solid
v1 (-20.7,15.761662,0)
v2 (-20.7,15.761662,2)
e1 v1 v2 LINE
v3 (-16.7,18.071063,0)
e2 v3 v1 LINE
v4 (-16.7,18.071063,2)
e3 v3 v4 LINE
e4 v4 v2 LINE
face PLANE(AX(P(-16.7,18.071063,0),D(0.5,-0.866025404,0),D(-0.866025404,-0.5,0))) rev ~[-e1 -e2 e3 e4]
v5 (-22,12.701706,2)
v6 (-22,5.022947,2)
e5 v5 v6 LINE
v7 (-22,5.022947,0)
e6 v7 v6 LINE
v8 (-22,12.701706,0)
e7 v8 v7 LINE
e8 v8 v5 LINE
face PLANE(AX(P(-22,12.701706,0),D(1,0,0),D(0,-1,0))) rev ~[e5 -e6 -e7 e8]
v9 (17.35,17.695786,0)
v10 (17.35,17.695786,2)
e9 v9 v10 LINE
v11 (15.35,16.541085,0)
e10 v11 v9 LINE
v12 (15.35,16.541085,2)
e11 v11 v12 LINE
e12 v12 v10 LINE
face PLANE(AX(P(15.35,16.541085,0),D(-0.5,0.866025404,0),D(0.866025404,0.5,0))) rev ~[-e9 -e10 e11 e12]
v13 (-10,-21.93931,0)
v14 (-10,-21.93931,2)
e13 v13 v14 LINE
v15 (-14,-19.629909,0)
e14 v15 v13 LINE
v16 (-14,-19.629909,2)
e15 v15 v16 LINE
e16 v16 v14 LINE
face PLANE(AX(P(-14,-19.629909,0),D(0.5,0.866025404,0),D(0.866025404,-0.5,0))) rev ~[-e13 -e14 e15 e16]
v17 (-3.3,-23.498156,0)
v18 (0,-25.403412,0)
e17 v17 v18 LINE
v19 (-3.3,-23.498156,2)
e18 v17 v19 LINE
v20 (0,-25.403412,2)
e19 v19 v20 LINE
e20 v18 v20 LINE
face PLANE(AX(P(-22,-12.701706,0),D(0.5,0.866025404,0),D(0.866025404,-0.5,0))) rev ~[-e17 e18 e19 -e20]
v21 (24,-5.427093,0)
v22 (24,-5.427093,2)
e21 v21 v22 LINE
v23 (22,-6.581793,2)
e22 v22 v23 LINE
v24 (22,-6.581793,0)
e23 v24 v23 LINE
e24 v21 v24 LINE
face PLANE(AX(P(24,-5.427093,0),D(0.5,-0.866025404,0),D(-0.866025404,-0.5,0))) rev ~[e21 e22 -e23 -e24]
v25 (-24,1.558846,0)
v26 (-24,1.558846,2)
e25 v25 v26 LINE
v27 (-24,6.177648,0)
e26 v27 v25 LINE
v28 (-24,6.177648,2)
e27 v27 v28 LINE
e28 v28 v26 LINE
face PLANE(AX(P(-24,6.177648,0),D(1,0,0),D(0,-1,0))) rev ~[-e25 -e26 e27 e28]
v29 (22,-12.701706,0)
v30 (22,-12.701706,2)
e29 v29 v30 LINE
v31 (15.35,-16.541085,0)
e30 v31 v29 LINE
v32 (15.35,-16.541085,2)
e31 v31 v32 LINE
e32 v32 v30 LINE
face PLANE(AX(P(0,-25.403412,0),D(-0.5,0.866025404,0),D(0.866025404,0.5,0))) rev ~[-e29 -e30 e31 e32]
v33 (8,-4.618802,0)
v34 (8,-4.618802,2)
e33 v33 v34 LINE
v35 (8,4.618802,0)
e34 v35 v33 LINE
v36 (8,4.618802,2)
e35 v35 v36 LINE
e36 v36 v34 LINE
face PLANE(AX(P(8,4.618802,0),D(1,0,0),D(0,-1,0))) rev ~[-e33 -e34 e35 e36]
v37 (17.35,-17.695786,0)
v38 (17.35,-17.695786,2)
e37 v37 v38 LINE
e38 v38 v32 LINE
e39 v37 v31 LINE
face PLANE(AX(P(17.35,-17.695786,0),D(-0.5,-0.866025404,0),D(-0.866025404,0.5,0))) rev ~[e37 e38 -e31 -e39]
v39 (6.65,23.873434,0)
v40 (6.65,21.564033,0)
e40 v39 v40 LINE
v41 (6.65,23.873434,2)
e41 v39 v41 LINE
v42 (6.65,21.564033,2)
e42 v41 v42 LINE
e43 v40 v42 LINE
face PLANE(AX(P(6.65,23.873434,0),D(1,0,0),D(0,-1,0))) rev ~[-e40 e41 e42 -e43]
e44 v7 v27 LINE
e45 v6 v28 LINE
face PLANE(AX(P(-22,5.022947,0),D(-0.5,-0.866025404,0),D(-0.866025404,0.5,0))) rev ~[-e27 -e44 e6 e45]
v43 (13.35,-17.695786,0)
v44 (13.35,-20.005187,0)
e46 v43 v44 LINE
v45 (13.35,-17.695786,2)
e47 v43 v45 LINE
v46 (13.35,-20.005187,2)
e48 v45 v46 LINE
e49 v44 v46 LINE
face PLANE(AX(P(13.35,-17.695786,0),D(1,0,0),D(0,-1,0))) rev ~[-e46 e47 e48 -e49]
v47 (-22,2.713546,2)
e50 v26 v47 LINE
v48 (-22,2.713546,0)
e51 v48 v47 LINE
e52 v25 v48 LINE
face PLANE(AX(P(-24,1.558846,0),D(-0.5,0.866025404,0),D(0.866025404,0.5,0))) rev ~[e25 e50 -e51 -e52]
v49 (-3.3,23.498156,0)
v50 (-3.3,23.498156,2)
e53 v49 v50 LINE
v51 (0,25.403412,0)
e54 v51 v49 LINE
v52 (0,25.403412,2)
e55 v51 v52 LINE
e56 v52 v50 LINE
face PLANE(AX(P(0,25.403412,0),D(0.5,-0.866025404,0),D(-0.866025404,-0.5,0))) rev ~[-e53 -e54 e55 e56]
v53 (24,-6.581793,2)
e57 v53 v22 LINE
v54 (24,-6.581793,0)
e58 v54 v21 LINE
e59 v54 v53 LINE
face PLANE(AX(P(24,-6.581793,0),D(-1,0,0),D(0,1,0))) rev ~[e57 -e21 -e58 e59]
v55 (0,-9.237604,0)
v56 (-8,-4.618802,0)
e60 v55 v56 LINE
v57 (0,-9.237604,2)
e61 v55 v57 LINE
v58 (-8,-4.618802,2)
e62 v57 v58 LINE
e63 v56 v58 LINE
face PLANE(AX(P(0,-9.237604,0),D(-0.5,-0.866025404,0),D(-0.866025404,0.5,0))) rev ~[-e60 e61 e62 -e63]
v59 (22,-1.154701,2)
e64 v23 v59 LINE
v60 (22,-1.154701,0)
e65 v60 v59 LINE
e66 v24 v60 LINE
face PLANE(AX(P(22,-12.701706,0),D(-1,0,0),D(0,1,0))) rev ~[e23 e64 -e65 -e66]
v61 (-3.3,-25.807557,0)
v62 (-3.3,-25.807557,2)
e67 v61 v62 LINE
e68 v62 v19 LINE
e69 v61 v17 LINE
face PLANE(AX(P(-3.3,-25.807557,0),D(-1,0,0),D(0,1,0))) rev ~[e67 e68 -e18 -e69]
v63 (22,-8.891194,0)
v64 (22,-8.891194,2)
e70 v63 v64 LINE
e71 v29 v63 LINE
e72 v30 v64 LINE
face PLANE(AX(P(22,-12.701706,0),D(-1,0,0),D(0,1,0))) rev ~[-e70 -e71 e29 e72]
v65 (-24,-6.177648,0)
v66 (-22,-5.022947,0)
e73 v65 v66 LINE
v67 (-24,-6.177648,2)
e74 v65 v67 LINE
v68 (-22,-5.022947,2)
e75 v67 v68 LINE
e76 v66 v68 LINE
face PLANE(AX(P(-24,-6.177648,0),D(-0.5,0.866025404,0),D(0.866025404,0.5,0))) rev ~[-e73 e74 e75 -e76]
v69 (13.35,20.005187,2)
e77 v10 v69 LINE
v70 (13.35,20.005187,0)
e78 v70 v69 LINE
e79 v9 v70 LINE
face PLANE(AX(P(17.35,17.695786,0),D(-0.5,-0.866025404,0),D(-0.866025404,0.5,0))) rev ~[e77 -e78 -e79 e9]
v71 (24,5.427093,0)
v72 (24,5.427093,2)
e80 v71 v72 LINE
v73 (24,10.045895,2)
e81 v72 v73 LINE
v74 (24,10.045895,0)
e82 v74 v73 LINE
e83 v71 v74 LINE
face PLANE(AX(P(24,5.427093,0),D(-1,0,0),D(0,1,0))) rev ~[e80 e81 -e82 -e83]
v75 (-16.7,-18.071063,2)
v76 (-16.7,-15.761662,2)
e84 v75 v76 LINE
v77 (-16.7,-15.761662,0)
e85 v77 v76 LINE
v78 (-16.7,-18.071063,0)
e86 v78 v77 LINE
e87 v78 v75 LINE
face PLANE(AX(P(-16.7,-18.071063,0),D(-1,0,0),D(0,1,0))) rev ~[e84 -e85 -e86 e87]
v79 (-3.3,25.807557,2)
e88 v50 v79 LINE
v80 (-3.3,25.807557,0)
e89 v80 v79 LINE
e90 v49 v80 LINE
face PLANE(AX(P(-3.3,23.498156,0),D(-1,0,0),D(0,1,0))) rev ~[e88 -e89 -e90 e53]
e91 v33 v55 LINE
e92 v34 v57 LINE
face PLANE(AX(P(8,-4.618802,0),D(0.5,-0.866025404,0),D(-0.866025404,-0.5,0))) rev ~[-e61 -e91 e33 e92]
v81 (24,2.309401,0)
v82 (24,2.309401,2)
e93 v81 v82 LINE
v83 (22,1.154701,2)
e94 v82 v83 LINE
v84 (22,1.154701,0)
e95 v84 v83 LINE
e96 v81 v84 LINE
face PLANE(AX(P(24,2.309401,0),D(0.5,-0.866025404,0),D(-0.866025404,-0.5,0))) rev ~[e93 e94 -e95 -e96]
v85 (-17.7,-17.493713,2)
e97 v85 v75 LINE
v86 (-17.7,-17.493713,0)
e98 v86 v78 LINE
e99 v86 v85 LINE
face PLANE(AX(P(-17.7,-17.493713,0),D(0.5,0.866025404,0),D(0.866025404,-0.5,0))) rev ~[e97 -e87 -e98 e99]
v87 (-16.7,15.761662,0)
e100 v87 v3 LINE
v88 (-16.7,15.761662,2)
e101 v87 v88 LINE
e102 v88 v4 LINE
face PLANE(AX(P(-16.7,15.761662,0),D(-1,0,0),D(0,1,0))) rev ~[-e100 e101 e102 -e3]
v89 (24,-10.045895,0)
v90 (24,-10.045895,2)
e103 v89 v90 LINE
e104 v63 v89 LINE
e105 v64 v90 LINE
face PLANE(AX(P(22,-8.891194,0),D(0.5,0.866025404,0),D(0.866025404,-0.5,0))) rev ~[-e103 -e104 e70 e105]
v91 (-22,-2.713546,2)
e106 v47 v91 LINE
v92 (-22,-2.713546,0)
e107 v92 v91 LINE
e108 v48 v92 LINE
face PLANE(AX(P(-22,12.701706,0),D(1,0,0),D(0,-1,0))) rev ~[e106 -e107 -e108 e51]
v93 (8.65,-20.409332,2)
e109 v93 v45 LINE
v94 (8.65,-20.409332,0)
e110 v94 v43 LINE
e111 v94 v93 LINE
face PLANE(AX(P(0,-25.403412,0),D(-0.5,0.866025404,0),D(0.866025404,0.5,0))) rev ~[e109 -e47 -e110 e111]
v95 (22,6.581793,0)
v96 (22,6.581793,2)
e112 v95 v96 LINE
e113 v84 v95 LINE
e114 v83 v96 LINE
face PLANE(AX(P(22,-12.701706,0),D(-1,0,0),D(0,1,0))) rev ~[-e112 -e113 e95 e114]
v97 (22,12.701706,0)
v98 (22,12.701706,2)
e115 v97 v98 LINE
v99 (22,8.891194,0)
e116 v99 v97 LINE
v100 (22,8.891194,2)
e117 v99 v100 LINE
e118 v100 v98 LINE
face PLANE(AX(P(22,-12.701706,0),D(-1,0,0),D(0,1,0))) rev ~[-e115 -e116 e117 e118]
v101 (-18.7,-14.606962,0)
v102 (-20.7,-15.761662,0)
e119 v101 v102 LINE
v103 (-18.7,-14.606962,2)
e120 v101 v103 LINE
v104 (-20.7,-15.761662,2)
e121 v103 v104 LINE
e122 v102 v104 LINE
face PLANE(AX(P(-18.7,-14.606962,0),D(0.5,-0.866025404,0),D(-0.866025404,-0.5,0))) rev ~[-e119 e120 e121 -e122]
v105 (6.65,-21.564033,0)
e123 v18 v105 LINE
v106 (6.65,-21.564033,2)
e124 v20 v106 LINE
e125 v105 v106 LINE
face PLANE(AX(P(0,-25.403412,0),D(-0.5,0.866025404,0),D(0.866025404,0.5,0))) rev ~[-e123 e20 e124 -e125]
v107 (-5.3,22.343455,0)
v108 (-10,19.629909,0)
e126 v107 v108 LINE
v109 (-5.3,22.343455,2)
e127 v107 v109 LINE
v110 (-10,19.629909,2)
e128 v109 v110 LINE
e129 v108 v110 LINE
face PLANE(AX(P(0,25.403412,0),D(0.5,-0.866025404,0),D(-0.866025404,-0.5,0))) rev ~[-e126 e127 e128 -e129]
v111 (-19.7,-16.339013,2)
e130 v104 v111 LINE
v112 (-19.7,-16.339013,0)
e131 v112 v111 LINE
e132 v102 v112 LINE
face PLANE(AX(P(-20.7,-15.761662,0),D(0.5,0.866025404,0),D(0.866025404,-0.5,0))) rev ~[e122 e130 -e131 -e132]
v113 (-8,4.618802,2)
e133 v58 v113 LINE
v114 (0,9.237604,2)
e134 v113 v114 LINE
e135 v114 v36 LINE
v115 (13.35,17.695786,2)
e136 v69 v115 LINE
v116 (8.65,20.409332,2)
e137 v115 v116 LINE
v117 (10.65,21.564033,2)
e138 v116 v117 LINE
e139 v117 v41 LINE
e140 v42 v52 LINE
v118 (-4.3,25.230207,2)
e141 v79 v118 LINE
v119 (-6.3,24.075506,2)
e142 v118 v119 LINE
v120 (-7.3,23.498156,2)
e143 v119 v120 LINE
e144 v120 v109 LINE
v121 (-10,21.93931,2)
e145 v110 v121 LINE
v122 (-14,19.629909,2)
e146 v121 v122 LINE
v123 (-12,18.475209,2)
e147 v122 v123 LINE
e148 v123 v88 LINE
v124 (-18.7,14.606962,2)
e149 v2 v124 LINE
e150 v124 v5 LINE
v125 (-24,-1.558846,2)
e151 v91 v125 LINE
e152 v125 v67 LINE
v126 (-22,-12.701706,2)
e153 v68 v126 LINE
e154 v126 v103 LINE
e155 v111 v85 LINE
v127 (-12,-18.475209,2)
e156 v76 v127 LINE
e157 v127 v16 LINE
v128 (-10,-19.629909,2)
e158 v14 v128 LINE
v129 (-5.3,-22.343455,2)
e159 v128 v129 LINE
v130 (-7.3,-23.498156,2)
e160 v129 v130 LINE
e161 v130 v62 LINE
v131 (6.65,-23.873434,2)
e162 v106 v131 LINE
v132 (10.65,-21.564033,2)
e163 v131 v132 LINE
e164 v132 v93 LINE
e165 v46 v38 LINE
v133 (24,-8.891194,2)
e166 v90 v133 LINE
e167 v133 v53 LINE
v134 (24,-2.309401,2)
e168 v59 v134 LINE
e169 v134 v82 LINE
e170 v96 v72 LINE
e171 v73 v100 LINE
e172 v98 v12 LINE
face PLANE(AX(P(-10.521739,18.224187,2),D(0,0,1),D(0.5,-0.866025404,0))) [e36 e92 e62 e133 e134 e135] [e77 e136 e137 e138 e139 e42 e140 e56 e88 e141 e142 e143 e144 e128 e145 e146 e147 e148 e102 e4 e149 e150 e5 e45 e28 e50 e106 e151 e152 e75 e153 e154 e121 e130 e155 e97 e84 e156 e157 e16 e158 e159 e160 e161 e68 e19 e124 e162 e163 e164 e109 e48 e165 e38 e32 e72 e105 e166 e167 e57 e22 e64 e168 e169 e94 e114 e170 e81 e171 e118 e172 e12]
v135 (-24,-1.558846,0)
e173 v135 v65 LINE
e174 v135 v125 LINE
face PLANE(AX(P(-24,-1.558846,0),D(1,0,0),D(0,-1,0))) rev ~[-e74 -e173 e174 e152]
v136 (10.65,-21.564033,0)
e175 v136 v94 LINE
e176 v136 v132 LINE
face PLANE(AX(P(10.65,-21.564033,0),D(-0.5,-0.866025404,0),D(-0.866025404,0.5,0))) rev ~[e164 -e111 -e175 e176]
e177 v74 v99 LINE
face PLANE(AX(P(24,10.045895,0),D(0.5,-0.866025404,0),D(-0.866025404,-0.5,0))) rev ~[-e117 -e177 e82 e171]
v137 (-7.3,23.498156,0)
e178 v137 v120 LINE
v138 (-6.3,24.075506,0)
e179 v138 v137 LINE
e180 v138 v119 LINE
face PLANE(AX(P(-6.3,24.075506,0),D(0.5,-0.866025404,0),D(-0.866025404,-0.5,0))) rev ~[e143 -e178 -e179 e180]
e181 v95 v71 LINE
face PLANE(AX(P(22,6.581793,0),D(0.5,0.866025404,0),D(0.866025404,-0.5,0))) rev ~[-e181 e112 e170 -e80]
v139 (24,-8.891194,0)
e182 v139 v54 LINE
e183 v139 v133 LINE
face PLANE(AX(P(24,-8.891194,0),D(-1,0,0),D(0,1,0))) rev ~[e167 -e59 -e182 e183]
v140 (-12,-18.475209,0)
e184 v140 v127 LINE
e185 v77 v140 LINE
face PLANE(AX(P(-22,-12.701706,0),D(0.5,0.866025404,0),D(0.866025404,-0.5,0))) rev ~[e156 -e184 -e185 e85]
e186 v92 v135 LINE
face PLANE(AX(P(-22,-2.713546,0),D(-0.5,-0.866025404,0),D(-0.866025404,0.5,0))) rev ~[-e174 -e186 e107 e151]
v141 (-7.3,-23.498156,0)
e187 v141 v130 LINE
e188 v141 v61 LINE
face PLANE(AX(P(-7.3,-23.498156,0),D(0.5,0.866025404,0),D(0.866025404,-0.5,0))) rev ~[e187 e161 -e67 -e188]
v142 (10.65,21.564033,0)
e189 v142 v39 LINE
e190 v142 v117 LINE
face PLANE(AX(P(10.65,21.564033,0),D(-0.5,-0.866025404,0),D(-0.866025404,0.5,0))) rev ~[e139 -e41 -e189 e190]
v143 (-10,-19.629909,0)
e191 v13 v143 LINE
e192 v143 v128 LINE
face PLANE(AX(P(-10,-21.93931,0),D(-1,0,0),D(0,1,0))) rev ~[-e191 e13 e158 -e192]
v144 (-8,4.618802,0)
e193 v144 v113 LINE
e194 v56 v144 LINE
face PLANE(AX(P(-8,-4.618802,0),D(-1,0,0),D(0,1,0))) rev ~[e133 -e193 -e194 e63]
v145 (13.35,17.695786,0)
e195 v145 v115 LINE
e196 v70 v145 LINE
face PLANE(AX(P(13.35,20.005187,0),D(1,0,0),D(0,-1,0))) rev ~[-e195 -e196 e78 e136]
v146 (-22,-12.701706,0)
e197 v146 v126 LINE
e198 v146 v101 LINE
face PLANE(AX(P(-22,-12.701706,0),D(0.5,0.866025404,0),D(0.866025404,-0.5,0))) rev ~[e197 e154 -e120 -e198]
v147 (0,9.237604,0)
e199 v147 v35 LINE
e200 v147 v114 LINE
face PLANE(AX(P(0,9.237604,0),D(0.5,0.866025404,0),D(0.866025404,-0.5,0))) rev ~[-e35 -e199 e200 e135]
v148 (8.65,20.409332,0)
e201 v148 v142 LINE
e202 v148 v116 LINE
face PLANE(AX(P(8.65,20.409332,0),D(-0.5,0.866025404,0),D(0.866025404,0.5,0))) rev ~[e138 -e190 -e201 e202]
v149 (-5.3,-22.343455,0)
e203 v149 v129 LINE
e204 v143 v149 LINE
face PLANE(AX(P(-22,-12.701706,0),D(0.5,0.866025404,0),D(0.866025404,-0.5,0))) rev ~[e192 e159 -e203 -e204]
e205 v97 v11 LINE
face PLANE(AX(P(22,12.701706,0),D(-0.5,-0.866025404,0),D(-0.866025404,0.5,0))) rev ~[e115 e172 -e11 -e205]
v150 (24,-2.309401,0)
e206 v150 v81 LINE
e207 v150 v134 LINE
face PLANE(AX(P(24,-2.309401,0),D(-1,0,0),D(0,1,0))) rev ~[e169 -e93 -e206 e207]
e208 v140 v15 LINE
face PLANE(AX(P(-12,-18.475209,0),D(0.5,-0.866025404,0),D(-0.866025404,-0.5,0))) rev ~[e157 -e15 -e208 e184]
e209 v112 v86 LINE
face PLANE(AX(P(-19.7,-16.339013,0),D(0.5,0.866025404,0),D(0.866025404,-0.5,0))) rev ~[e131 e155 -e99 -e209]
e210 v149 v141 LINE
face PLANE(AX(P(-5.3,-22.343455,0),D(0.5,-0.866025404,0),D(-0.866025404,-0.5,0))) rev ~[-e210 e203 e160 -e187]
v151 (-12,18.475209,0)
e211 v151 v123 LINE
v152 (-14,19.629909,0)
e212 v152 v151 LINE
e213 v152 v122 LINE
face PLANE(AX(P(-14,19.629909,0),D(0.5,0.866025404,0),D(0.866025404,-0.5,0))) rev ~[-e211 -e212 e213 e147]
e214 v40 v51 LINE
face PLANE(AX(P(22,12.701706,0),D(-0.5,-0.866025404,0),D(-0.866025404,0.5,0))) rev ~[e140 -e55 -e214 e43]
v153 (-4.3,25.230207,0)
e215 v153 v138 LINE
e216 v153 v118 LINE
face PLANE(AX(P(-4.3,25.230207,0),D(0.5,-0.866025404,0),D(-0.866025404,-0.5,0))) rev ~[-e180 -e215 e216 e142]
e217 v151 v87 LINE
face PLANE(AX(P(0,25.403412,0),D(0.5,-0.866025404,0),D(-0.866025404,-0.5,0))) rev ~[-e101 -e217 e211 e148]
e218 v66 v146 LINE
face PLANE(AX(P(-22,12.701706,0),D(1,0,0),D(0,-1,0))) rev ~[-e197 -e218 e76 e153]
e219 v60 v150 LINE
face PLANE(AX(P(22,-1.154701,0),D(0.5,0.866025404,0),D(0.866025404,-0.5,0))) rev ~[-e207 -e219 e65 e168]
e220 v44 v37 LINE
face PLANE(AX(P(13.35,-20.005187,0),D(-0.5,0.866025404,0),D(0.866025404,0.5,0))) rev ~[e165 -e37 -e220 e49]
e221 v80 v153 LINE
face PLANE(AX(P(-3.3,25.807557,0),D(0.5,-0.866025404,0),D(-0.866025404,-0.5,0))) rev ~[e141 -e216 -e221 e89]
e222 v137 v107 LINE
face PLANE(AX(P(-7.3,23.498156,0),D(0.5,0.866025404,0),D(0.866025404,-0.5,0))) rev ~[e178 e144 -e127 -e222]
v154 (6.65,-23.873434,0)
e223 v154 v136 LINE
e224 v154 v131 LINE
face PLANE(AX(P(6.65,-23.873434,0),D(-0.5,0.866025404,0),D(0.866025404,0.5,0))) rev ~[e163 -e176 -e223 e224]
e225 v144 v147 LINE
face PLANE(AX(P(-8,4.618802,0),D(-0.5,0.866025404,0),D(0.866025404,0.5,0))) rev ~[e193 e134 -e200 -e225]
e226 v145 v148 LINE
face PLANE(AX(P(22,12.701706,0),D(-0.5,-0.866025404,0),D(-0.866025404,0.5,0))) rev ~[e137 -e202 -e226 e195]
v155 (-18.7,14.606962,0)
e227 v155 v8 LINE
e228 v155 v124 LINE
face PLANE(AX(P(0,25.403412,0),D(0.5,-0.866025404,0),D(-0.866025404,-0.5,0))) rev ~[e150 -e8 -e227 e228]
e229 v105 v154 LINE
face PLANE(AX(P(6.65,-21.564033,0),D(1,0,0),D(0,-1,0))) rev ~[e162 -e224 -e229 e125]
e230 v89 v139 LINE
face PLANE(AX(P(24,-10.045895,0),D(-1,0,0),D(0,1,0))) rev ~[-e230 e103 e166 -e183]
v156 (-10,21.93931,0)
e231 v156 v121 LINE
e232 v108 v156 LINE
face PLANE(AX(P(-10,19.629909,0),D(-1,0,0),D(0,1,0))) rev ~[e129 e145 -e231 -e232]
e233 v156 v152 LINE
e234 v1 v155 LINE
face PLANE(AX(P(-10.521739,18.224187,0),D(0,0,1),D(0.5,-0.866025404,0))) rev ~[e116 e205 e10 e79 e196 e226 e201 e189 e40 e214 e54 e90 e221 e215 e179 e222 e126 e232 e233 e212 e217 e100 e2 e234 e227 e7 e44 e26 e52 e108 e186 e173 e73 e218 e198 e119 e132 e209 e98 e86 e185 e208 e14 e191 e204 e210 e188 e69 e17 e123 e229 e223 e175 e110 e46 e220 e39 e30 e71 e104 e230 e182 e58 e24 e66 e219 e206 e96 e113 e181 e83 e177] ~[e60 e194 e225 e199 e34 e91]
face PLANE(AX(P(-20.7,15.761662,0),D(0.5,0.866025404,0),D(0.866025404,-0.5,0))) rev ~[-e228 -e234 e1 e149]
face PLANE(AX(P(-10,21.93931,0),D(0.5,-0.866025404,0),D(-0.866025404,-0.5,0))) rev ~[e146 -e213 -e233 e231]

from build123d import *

# Parameters (mm, degrees)
F4_DEPTH = 2
F5_DEPTH = 2
F6_COUNT = 2
F6_ANGLE = 60
F8_DEPTH = 2
F9_COUNT = 3
F9_ANGLE = 240


with BuildPart() as f4:
    # F3 (on Top) → F4 (new body)
    with BuildSketch(Plane.XY):
        Polygon((-8, 4.6188021535), (-20, 11.5470053838), (-20, -11.5470053838), (-8, -4.6188021535), align=None)
        Polygon((-18, -9.237604307), (-18, 9.237604307), (-10, 4.6188021535), (-10, -4.6188021535), align=None, mode=Mode.SUBTRACT)
        Polygon((-10, 4.6188021535), (-18, 9.237604307), (-18, -9.237604307), (-10, -4.6188021535), align=None)
    extrude(amount=F4_DEPTH)

    # F3 (on Top) → F5 (join)
    with BuildSketch(Plane.XY):
        Polygon((-20, -11.5470053838), (-20, 11.5470053838), (-22, 12.7017059222), (-22, -12.7017059222), align=None)
    extrude(amount=F5_DEPTH)

    # F6: F4 ×2 about axis
    f6_axis = Axis((0, 0, 0), (0, 0, 1))


with BuildPart() as f4_1:
    add(f4.part)
    for i in range(1, F6_COUNT):
        add(f4.part.rotate(f6_axis, i * F6_ANGLE / (F6_COUNT - 1)))

    # F7 (on Top) → F8 (join, through all)
    with BuildSketch(Plane.XY):
        Polygon((-24, 1.5588457268), (-22, 2.7135462652), (-22, 5.0229473419), (-24, 6.1776478803), (-24, 5.0229473419), (-24, 2.7135462652), align=None)
        Polygon((-24, -6.1776478803), (-22, -5.0229473419), (-22, -2.7135462652), (-24, -1.5588457268), (-24, -2.7135462652), (-24, -5.0229473419), align=None)
        Polygon((-19.7, -16.3390126181), (-17.7, -17.4937131564), (-16.7, -18.0710634256), (-16.7, -15.7616623489), (-18.7, -14.6069618105), (-20.7, -15.7616623489), align=None)
        Polygon((-13, -20.2072594216), (-11, -21.36195996), (-10, -21.9393102292), (-10, -19.6299091524), (-12, -18.4752086141), (-14, -19.6299091524), align=None)
        Polygon((-7.3, -23.498155956), (-6.3, -24.0755062252), (-4.3, -25.2302067636), (-3.3, -25.8075570328), (-3.3, -23.498155956), (-5.3, -22.3434554176), align=None)
    extrude(amount=F8_DEPTH)

    # F9: F4 ×3 about axis
    f9_axis = Axis((0, 0, 0), (0, 0, 1))


with BuildPart() as f4_2:
    add(f4_1.part)
    for i in range(1, F9_COUNT):
        add(f4_1.part.rotate(f9_axis, i * F9_ANGLE / (F9_COUNT - 1)))


solid = f4_2.part
